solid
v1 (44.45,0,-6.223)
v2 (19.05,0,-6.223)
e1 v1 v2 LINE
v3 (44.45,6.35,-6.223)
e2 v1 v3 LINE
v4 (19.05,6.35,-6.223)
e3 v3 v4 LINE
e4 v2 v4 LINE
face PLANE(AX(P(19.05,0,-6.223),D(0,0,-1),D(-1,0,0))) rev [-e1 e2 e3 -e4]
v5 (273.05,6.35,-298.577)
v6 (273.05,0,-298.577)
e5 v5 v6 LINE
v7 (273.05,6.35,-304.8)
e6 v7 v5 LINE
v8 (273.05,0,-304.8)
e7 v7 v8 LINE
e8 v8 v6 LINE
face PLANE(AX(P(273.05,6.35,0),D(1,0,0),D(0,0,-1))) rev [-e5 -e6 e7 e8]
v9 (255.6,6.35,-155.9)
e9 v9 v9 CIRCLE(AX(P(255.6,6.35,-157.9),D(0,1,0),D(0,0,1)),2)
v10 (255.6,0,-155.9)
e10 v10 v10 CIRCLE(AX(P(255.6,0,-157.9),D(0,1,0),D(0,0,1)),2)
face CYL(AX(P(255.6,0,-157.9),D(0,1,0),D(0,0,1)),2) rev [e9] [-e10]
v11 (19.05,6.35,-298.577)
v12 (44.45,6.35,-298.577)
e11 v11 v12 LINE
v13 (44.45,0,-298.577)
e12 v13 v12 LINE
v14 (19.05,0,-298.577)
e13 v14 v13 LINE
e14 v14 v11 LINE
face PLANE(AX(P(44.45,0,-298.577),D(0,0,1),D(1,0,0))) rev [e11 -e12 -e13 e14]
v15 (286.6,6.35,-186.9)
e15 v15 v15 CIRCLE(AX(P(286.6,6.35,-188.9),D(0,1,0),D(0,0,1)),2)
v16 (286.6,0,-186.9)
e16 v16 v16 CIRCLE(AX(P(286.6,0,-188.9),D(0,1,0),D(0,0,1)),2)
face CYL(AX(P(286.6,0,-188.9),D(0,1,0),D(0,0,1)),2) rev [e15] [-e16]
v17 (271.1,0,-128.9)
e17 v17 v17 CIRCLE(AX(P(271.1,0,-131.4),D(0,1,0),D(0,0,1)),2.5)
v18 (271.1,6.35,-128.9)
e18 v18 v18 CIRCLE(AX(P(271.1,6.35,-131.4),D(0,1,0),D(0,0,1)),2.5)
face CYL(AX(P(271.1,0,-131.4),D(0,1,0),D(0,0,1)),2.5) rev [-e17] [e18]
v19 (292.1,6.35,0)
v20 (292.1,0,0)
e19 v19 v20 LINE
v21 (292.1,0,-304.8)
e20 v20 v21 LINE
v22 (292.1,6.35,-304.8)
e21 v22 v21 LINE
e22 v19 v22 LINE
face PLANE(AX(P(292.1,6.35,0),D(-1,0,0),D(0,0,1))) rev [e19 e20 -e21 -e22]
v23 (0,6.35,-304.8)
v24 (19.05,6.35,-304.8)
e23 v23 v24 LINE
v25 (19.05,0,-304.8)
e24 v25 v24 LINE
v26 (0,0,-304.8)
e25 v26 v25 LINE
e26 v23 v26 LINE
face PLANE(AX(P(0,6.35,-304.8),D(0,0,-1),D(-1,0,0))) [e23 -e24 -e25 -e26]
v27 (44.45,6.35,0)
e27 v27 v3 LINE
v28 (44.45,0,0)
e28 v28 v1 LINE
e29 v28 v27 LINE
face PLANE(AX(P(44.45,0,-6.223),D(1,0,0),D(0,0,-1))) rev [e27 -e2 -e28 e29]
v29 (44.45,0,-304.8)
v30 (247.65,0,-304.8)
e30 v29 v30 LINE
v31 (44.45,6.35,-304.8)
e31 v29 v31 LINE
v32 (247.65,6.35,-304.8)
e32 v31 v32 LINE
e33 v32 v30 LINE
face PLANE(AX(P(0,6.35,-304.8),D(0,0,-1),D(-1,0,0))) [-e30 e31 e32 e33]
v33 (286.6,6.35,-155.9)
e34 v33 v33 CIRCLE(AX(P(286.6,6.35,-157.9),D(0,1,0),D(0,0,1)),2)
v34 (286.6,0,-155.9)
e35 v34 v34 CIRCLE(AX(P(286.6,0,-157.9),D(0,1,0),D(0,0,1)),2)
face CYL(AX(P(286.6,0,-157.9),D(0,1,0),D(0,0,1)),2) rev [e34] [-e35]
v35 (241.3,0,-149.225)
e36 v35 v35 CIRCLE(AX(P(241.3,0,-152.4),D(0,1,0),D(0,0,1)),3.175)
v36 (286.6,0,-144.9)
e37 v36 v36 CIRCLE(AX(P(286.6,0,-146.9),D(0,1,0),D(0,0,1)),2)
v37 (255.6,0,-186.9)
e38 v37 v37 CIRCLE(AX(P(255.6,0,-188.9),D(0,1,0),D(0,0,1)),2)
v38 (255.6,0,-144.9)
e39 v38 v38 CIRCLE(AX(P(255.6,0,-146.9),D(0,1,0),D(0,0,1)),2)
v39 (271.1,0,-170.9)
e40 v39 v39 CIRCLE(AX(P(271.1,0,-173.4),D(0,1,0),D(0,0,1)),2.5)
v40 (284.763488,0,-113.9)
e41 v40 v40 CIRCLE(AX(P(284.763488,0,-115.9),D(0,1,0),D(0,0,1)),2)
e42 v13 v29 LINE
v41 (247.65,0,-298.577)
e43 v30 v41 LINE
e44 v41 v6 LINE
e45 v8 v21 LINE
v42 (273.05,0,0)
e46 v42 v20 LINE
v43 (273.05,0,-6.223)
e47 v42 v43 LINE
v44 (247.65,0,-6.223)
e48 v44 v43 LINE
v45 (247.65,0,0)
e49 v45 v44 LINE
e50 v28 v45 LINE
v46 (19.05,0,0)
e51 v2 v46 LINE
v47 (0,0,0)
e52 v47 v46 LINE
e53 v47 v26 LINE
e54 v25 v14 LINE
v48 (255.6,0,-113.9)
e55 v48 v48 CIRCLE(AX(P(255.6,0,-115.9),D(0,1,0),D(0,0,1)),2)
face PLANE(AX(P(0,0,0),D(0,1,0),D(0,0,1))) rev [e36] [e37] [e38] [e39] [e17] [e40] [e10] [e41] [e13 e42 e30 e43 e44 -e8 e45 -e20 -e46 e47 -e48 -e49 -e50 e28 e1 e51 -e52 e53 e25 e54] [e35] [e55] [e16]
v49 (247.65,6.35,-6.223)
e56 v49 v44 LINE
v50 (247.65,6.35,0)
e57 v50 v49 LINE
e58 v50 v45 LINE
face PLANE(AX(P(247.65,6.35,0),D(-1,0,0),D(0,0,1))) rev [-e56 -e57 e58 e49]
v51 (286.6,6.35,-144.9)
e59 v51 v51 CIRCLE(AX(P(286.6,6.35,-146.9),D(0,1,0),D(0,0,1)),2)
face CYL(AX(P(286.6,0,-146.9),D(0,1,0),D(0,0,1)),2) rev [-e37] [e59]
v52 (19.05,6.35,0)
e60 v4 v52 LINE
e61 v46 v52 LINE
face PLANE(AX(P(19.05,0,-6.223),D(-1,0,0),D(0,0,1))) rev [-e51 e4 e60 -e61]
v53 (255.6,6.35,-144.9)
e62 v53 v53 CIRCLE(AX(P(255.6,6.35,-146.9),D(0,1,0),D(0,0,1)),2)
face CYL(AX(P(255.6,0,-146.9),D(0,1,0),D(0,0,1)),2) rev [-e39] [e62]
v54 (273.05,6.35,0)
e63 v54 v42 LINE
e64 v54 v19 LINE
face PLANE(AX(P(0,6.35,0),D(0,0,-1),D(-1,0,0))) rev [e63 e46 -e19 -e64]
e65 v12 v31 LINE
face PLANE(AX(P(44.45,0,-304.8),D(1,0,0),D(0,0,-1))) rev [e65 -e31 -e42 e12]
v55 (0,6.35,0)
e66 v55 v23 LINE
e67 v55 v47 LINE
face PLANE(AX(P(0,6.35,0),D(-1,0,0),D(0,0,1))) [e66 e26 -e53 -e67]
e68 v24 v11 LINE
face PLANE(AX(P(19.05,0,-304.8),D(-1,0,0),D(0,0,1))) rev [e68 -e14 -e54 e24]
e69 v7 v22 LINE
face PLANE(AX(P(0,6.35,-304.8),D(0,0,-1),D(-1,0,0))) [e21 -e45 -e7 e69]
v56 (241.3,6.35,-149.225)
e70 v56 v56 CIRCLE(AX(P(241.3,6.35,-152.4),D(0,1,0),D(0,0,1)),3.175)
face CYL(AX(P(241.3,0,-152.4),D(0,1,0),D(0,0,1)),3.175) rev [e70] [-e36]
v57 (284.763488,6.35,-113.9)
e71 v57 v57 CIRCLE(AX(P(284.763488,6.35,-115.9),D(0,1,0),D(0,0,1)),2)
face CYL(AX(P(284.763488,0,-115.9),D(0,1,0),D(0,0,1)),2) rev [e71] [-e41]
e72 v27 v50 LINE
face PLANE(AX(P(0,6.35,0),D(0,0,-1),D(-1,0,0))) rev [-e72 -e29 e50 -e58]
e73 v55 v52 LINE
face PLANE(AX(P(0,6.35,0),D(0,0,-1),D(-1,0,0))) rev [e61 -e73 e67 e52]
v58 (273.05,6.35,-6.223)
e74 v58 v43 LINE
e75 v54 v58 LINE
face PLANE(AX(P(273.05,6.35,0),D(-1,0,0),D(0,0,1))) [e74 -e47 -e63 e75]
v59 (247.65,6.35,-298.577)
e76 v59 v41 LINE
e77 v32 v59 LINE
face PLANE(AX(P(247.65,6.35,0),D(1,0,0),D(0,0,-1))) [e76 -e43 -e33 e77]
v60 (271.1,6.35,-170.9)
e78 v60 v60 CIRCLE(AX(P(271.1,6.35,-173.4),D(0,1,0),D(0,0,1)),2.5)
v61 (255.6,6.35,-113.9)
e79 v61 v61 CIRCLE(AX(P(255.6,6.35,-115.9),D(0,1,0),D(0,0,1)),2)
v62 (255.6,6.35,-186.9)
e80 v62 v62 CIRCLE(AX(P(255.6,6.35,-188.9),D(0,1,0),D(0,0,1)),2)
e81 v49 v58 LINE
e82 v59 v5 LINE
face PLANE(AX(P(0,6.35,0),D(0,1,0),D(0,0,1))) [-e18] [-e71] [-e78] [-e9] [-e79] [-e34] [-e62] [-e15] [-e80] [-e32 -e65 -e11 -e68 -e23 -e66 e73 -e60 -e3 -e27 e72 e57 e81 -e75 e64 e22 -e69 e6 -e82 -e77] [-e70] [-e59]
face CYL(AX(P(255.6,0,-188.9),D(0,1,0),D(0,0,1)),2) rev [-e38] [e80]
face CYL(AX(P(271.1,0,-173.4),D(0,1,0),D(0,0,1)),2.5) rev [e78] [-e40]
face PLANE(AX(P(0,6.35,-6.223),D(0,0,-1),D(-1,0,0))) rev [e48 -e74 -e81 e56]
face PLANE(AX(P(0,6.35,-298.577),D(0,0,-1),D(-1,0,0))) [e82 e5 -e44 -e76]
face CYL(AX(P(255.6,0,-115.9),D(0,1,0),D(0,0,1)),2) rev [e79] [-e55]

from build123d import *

# Parameters (mm, degrees)
BOSS_EXTRUDE1_DEPTH = 6.35
SKETCH4_R           = 2
SKETCH4_R_2         = 2.5
SKETCH4_R_3         = 3.175
SKETCH4_W           = 25.4
SKETCH4_H           = 6.223
CUT_EXTRUDE3_DEPTH  = 423.215315331
SKETCH5_W           = 215.9
SKETCH5_H           = 279.4
BOSS_EXTRUDE2_DEPTH = 6.35


with BuildPart() as part:
    # Sketch1 → Boss-Extrude1 (new body)
    with BuildSketch(Plane(origin=(0, 0, 0), x_dir=(1, 0, 0), z_dir=(0, 1, 0))):
        Polygon((292.1, 0), (292.1, 152.4), (228.6, 152.4), (228.6, 12.7), (12.7, 12.7), (12.7, 152.4), (0, 152.4), (0, 0), (247.65, 0), (247.65, 6.223), (273.05, 6.223), (273.05, 0), align=None)
        Polygon((228.6, 152.4), (292.1, 152.4), (292.1, 304.8), (273.05, 304.8), (273.05, 298.577), (247.65, 298.577), (247.65, 304.8), (0, 304.8), (0, 152.4), (12.7, 152.4), (12.7, 292.1), (228.6, 292.1), align=None)
    extrude(amount=BOSS_EXTRUDE1_DEPTH)

    # Sketch4 → Cut-Extrude3 (cut, through all)
    with BuildSketch(Plane(origin=(0, 6.35, 0), x_dir=(1, 0, 0), z_dir=(0, 1, 0))):
        with Locations(Location((286.6, 188.9, 0), (0, 0, 270))):
            Circle(SKETCH4_R)
        with Locations(Location((286.6, 157.9, 0), (0, 0, 270))):
            Circle(SKETCH4_R)
        with Locations(Location((255.6, 157.9, 0), (0, 0, 270))):
            Circle(SKETCH4_R)
        with Locations(Location((255.6, 188.9, 0), (0, 0, 270))):
            Circle(SKETCH4_R)
        with Locations(Location((255.6, 146.9, 0), (0, 0, 270))):
            Circle(SKETCH4_R)
        with Locations(Location((286.6, 146.9, 0), (0, 0, 270))):
            Circle(SKETCH4_R)
        with Locations(Location((284.763488048, 115.9, 0), (0, 0, 270))):
            Circle(SKETCH4_R)
        with Locations(Location((255.6, 115.9, 0), (0, 0, 270))):
            Circle(SKETCH4_R)
        with Locations(Location((271.1, 173.4, 0), (0, 0, 270))):
            Circle(SKETCH4_R_2)
        with Locations(Location((271.1, 131.4, 0), (0, 0, 270))):
            Circle(SKETCH4_R_2)
        with Locations(Location((241.3, 152.4, 0), (0, 0, 270))):
            Circle(SKETCH4_R_3)
        with Locations((260.35, 301.6885)):
            Rectangle(SKETCH4_W, SKETCH4_H)
        with Locations((260.35, 3.1115)):
            Rectangle(SKETCH4_W, SKETCH4_H)
        with Locations((31.75, 3.1115)):
            Rectangle(SKETCH4_W, SKETCH4_H)
        with Locations((31.75, 301.6885)):
            Rectangle(SKETCH4_W, SKETCH4_H)
    extrude(amount=-CUT_EXTRUDE3_DEPTH, mode=Mode.SUBTRACT)

    # Sketch5 → Boss-Extrude2 (add)
    with BuildSketch(Plane(origin=(0, 6.35, 0), x_dir=(1, 0, 0), z_dir=(0, 1, 0))):
        with Locations((120.65, 152.4)):
            Rectangle(SKETCH5_W, SKETCH5_H)
    extrude(amount=-BOSS_EXTRUDE2_DEPTH)


solid = part.part
